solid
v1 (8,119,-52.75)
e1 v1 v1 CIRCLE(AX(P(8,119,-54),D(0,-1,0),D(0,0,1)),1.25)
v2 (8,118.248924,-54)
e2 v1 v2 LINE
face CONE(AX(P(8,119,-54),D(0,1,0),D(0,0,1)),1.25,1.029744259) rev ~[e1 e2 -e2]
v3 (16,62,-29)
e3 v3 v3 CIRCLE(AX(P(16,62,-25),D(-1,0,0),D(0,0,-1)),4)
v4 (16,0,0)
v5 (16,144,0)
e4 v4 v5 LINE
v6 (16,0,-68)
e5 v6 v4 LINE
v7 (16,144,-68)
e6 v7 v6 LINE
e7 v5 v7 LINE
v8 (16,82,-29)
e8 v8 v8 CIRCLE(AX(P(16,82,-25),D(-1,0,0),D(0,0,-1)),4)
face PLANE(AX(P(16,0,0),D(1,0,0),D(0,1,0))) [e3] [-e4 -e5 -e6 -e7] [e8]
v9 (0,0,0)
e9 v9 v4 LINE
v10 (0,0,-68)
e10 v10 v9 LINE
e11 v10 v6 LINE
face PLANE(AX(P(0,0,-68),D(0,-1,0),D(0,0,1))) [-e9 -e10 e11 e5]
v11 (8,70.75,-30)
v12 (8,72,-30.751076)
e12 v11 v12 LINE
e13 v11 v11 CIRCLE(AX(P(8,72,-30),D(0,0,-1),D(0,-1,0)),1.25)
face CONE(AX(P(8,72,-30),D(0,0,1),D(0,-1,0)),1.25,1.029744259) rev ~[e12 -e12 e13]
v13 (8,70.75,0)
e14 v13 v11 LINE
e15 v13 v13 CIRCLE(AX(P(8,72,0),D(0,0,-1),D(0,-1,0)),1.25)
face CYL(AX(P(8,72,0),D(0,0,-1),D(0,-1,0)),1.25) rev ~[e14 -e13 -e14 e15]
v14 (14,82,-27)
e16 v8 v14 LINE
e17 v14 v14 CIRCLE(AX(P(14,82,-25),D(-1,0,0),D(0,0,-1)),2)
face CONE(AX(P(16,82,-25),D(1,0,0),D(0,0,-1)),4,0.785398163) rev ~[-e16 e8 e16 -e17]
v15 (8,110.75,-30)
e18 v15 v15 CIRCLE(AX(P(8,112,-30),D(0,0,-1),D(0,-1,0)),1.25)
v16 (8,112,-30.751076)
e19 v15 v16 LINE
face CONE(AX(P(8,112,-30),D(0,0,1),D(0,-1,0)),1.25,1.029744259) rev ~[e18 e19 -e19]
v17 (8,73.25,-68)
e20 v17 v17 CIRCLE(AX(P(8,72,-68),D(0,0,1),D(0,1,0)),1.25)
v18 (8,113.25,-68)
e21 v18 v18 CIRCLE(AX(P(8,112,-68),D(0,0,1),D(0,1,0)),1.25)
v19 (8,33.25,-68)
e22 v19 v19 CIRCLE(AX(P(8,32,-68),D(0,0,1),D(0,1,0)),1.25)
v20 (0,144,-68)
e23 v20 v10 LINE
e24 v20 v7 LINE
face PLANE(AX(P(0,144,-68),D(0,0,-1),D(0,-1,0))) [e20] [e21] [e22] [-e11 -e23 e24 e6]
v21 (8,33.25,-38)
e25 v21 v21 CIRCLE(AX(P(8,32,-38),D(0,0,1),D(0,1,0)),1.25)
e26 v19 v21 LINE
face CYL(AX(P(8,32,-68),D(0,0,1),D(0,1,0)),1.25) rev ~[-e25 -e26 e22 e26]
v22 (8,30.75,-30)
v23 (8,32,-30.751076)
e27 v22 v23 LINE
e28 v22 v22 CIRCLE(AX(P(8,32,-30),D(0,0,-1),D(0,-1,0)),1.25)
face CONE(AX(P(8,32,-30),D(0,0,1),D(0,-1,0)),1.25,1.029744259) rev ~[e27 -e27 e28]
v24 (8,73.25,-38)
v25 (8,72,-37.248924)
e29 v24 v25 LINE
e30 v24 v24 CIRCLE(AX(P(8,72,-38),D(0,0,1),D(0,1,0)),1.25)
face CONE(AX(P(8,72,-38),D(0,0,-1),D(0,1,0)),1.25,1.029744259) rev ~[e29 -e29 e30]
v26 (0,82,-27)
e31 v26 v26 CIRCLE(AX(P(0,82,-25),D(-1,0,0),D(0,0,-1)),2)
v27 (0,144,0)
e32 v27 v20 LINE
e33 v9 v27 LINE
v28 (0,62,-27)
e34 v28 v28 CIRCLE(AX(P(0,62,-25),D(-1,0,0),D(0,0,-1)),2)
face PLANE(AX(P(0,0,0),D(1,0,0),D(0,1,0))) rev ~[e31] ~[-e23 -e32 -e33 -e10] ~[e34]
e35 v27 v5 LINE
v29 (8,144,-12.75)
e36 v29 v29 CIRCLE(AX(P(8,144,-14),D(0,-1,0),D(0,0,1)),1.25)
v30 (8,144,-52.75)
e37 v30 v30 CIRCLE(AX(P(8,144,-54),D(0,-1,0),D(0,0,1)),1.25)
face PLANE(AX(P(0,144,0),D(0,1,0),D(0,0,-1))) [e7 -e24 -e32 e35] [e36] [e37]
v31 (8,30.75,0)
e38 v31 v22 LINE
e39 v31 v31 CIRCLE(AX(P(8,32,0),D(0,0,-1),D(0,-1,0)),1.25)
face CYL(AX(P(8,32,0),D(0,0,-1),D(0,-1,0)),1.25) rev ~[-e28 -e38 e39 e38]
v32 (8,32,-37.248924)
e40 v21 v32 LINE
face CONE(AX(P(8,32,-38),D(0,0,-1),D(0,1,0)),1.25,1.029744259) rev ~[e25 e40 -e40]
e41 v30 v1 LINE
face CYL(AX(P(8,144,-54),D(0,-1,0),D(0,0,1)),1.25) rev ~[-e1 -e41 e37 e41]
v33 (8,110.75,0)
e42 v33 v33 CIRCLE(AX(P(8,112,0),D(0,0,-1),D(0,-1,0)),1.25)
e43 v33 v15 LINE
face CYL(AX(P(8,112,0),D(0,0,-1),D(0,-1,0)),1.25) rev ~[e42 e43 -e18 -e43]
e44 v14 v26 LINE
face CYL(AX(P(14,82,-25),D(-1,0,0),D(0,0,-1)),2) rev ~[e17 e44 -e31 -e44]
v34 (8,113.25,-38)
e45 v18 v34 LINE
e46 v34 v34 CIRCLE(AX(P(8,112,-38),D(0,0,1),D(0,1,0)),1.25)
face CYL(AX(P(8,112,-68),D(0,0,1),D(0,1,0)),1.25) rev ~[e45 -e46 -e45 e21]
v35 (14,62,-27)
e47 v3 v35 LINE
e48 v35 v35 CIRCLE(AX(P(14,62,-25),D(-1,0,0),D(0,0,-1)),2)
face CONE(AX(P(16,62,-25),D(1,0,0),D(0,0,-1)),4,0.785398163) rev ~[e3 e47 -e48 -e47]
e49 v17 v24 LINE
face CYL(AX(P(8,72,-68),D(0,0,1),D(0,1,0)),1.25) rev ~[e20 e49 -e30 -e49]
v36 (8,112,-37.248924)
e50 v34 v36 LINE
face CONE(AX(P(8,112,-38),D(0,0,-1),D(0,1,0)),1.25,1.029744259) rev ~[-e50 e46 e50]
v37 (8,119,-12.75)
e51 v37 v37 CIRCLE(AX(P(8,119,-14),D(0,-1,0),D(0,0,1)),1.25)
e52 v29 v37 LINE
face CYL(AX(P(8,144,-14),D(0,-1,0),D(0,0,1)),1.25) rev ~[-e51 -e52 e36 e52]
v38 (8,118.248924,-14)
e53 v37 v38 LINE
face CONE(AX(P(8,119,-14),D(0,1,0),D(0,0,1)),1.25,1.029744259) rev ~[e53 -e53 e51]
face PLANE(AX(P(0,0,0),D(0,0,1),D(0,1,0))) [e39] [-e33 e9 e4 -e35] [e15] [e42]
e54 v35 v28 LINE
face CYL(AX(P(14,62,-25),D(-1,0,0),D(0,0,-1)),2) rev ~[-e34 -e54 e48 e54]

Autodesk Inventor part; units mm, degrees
ref_plane "YZ Plane" through (0, 0, 0) normal (1, 0, 0) x (0, 1, 0)
ref_plane "XZ Plane" through (0, 0, 0) normal (0, 1, 0) x (-1, 0, 0)
ref_plane "XY Plane" through (0, 0, 0) normal (0, 0, 1) x (1, 0, 0)
sketch "Skizze1" plane through (0, 0, 0) normal (1, 0, 0) x (0, 1, 0)
  line L0 (0, 0) -> (144, 0)
  line L1 (144, 0) -> (144, -68)
  line L2 (144, -68) -> (0, -68)
  line L3 (0, -68) -> (0, 0)
  dimension "d0" = 144
  dimension "d1" = 68
extrude "Extrusion1" add sketch "Skizze1" along normal blind 16
sketch "Skizze2" plane through (0, 0, 0) normal (0, 0, 1) x (1, 0, 0)
  line L0 (0, 0) -> (0, 144) construction
  line L1 (0, 72) -> (16, 72) construction
  line L2 (16, 144) -> (16, 0) construction
  line L3 (0, 144) -> (16, 144) construction
  line L4 (8, 144) -> (8, 0) construction
  line L5 (0, 144) -> (16, 144) construction
  line L6 (0, 0) -> (16, 0) construction
  line L7 (0, 144) -> (16, 144) construction
  line L8 (16, 144) -> (16, 0) construction
  line L9 (16, 0) -> (0, 0) construction
  line L10 (0, 0) -> (0, 144) construction
  line L11 (0, 112) -> (16, 112) construction
  line L12 (0, 32) -> (16, 32) construction
  point P0 (8, 112)
  point P1 (8, 72)
  point P2 (8, 32)
  dimension "d4" = 40
  dimension "d5" = 40
hole "Bohrung1" at (8, 112, 0) at (8, 72, 0) at (8, 32, 0) direction (0, 0, -1) diameter 2.5 depth 30 tip angle 118
sketch "Skizze3" plane through (0, 144, 0) normal (0, 1, 0) x (1, 0, 0)
  line L0 (0, 0) -> (16, 0)
  line L1 (16, 0) -> (16, 68)
  line L2 (16, 68) -> (0, 68)
  line L3 (0, 68) -> (0, 0)
  line L4 (8, 0) -> (8, 68) construction
  line L5 (0, 68) -> (16, 68) construction
  line L6 (16, 0) -> (16, 68) construction
  line L7 (16, 34) -> (0, 34) construction
  line L8 (0, 68) -> (0, 0) construction
  line L9 (0, 14) -> (16, 14) construction
  line L10 (0, 54) -> (16, 54) construction
  point P0 (8, 14)
  point P1 (8, 54)
  dimension "d13" = 14
  dimension "d22" = 14
hole "Bohrung2" at (8, 144, -14) at (8, 144, -54) direction (0, -1, 0) diameter 2.5 depth 25 tip angle 118
sketch "Skizze4" plane through (0, 0, -68) normal (0, 0, -1) x (-1, 0, 0)
  line L0 (0, 0) -> (-16, 0) construction
  line L1 (-16, 0) -> (-16, 144) construction
  line L2 (-16, 144) -> (0, 144) construction
  line L3 (0, 144) -> (0, 0) construction
  line L4 (-8, 0) -> (-8, 144) construction
  line L5 (-16, 144) -> (-16, 0) construction
  line L6 (-16, 72) -> (0, 72) construction
  circle A0 centre (-8, 72) radius 1.25 construction
  point P0 (-8, 112)
  point P1 (-8, 32)
  dimension "d23" = 40
  dimension "d24" = 40
hole "Bohrung3" at (8, 72, -68) at (8, 112, -68) at (8, 32, -68) direction (0, 0, 1) diameter 2.5 depth 30 tip angle 118
sketch "Skizze5" plane through (16, 0, 0) normal (1, 0, 0) x (0, 0, -1)
  line L0 (68, 144) -> (0, 144) construction
  line L1 (0, 144) -> (0, 0) construction
  line L2 (0, 0) -> (68, 0) construction
  line L3 (68, 0) -> (68, 144) construction
  line L4 (25, 82) -> (25, 62) construction
  line L5 (0, 144) -> (0, 0) construction
  line L6 (0, 72) -> (68, 72) construction
  point P0 (25, 72)
  dimension "d32" = 25
  dimension "d33" = 10
hole "Bohrung4" at (16, 82, -25) at (16, 62, -25) direction (-1, 0, 0) diameter 4 end through all countersink diameter 8 countersink angle 90
equation "\"d39\" = Stärke"
equation "\"Biegeradius\" = Stärke"
equation "\"BreiteBiegungsfreistellung\" = Stärke"
equation "\"TiefeBiegungsfreistellung\" = 0.5 * Stärke"
equation "\"GrößeEckenfreistellung\" = 4 * Stärke"
equation "\"MinimalRest\" = 2 * Stärke"
equation "\"Übergangsradius\" = Biegeradius"
equation "\"JacobiRadiusGröße\" = Biegeradius"
equation "\"Abstandsgröße\" = Stärke"
equation "\"Stärke\" = 0.5"
properties part number "licht_200_side_right" material "Spanplatte"
